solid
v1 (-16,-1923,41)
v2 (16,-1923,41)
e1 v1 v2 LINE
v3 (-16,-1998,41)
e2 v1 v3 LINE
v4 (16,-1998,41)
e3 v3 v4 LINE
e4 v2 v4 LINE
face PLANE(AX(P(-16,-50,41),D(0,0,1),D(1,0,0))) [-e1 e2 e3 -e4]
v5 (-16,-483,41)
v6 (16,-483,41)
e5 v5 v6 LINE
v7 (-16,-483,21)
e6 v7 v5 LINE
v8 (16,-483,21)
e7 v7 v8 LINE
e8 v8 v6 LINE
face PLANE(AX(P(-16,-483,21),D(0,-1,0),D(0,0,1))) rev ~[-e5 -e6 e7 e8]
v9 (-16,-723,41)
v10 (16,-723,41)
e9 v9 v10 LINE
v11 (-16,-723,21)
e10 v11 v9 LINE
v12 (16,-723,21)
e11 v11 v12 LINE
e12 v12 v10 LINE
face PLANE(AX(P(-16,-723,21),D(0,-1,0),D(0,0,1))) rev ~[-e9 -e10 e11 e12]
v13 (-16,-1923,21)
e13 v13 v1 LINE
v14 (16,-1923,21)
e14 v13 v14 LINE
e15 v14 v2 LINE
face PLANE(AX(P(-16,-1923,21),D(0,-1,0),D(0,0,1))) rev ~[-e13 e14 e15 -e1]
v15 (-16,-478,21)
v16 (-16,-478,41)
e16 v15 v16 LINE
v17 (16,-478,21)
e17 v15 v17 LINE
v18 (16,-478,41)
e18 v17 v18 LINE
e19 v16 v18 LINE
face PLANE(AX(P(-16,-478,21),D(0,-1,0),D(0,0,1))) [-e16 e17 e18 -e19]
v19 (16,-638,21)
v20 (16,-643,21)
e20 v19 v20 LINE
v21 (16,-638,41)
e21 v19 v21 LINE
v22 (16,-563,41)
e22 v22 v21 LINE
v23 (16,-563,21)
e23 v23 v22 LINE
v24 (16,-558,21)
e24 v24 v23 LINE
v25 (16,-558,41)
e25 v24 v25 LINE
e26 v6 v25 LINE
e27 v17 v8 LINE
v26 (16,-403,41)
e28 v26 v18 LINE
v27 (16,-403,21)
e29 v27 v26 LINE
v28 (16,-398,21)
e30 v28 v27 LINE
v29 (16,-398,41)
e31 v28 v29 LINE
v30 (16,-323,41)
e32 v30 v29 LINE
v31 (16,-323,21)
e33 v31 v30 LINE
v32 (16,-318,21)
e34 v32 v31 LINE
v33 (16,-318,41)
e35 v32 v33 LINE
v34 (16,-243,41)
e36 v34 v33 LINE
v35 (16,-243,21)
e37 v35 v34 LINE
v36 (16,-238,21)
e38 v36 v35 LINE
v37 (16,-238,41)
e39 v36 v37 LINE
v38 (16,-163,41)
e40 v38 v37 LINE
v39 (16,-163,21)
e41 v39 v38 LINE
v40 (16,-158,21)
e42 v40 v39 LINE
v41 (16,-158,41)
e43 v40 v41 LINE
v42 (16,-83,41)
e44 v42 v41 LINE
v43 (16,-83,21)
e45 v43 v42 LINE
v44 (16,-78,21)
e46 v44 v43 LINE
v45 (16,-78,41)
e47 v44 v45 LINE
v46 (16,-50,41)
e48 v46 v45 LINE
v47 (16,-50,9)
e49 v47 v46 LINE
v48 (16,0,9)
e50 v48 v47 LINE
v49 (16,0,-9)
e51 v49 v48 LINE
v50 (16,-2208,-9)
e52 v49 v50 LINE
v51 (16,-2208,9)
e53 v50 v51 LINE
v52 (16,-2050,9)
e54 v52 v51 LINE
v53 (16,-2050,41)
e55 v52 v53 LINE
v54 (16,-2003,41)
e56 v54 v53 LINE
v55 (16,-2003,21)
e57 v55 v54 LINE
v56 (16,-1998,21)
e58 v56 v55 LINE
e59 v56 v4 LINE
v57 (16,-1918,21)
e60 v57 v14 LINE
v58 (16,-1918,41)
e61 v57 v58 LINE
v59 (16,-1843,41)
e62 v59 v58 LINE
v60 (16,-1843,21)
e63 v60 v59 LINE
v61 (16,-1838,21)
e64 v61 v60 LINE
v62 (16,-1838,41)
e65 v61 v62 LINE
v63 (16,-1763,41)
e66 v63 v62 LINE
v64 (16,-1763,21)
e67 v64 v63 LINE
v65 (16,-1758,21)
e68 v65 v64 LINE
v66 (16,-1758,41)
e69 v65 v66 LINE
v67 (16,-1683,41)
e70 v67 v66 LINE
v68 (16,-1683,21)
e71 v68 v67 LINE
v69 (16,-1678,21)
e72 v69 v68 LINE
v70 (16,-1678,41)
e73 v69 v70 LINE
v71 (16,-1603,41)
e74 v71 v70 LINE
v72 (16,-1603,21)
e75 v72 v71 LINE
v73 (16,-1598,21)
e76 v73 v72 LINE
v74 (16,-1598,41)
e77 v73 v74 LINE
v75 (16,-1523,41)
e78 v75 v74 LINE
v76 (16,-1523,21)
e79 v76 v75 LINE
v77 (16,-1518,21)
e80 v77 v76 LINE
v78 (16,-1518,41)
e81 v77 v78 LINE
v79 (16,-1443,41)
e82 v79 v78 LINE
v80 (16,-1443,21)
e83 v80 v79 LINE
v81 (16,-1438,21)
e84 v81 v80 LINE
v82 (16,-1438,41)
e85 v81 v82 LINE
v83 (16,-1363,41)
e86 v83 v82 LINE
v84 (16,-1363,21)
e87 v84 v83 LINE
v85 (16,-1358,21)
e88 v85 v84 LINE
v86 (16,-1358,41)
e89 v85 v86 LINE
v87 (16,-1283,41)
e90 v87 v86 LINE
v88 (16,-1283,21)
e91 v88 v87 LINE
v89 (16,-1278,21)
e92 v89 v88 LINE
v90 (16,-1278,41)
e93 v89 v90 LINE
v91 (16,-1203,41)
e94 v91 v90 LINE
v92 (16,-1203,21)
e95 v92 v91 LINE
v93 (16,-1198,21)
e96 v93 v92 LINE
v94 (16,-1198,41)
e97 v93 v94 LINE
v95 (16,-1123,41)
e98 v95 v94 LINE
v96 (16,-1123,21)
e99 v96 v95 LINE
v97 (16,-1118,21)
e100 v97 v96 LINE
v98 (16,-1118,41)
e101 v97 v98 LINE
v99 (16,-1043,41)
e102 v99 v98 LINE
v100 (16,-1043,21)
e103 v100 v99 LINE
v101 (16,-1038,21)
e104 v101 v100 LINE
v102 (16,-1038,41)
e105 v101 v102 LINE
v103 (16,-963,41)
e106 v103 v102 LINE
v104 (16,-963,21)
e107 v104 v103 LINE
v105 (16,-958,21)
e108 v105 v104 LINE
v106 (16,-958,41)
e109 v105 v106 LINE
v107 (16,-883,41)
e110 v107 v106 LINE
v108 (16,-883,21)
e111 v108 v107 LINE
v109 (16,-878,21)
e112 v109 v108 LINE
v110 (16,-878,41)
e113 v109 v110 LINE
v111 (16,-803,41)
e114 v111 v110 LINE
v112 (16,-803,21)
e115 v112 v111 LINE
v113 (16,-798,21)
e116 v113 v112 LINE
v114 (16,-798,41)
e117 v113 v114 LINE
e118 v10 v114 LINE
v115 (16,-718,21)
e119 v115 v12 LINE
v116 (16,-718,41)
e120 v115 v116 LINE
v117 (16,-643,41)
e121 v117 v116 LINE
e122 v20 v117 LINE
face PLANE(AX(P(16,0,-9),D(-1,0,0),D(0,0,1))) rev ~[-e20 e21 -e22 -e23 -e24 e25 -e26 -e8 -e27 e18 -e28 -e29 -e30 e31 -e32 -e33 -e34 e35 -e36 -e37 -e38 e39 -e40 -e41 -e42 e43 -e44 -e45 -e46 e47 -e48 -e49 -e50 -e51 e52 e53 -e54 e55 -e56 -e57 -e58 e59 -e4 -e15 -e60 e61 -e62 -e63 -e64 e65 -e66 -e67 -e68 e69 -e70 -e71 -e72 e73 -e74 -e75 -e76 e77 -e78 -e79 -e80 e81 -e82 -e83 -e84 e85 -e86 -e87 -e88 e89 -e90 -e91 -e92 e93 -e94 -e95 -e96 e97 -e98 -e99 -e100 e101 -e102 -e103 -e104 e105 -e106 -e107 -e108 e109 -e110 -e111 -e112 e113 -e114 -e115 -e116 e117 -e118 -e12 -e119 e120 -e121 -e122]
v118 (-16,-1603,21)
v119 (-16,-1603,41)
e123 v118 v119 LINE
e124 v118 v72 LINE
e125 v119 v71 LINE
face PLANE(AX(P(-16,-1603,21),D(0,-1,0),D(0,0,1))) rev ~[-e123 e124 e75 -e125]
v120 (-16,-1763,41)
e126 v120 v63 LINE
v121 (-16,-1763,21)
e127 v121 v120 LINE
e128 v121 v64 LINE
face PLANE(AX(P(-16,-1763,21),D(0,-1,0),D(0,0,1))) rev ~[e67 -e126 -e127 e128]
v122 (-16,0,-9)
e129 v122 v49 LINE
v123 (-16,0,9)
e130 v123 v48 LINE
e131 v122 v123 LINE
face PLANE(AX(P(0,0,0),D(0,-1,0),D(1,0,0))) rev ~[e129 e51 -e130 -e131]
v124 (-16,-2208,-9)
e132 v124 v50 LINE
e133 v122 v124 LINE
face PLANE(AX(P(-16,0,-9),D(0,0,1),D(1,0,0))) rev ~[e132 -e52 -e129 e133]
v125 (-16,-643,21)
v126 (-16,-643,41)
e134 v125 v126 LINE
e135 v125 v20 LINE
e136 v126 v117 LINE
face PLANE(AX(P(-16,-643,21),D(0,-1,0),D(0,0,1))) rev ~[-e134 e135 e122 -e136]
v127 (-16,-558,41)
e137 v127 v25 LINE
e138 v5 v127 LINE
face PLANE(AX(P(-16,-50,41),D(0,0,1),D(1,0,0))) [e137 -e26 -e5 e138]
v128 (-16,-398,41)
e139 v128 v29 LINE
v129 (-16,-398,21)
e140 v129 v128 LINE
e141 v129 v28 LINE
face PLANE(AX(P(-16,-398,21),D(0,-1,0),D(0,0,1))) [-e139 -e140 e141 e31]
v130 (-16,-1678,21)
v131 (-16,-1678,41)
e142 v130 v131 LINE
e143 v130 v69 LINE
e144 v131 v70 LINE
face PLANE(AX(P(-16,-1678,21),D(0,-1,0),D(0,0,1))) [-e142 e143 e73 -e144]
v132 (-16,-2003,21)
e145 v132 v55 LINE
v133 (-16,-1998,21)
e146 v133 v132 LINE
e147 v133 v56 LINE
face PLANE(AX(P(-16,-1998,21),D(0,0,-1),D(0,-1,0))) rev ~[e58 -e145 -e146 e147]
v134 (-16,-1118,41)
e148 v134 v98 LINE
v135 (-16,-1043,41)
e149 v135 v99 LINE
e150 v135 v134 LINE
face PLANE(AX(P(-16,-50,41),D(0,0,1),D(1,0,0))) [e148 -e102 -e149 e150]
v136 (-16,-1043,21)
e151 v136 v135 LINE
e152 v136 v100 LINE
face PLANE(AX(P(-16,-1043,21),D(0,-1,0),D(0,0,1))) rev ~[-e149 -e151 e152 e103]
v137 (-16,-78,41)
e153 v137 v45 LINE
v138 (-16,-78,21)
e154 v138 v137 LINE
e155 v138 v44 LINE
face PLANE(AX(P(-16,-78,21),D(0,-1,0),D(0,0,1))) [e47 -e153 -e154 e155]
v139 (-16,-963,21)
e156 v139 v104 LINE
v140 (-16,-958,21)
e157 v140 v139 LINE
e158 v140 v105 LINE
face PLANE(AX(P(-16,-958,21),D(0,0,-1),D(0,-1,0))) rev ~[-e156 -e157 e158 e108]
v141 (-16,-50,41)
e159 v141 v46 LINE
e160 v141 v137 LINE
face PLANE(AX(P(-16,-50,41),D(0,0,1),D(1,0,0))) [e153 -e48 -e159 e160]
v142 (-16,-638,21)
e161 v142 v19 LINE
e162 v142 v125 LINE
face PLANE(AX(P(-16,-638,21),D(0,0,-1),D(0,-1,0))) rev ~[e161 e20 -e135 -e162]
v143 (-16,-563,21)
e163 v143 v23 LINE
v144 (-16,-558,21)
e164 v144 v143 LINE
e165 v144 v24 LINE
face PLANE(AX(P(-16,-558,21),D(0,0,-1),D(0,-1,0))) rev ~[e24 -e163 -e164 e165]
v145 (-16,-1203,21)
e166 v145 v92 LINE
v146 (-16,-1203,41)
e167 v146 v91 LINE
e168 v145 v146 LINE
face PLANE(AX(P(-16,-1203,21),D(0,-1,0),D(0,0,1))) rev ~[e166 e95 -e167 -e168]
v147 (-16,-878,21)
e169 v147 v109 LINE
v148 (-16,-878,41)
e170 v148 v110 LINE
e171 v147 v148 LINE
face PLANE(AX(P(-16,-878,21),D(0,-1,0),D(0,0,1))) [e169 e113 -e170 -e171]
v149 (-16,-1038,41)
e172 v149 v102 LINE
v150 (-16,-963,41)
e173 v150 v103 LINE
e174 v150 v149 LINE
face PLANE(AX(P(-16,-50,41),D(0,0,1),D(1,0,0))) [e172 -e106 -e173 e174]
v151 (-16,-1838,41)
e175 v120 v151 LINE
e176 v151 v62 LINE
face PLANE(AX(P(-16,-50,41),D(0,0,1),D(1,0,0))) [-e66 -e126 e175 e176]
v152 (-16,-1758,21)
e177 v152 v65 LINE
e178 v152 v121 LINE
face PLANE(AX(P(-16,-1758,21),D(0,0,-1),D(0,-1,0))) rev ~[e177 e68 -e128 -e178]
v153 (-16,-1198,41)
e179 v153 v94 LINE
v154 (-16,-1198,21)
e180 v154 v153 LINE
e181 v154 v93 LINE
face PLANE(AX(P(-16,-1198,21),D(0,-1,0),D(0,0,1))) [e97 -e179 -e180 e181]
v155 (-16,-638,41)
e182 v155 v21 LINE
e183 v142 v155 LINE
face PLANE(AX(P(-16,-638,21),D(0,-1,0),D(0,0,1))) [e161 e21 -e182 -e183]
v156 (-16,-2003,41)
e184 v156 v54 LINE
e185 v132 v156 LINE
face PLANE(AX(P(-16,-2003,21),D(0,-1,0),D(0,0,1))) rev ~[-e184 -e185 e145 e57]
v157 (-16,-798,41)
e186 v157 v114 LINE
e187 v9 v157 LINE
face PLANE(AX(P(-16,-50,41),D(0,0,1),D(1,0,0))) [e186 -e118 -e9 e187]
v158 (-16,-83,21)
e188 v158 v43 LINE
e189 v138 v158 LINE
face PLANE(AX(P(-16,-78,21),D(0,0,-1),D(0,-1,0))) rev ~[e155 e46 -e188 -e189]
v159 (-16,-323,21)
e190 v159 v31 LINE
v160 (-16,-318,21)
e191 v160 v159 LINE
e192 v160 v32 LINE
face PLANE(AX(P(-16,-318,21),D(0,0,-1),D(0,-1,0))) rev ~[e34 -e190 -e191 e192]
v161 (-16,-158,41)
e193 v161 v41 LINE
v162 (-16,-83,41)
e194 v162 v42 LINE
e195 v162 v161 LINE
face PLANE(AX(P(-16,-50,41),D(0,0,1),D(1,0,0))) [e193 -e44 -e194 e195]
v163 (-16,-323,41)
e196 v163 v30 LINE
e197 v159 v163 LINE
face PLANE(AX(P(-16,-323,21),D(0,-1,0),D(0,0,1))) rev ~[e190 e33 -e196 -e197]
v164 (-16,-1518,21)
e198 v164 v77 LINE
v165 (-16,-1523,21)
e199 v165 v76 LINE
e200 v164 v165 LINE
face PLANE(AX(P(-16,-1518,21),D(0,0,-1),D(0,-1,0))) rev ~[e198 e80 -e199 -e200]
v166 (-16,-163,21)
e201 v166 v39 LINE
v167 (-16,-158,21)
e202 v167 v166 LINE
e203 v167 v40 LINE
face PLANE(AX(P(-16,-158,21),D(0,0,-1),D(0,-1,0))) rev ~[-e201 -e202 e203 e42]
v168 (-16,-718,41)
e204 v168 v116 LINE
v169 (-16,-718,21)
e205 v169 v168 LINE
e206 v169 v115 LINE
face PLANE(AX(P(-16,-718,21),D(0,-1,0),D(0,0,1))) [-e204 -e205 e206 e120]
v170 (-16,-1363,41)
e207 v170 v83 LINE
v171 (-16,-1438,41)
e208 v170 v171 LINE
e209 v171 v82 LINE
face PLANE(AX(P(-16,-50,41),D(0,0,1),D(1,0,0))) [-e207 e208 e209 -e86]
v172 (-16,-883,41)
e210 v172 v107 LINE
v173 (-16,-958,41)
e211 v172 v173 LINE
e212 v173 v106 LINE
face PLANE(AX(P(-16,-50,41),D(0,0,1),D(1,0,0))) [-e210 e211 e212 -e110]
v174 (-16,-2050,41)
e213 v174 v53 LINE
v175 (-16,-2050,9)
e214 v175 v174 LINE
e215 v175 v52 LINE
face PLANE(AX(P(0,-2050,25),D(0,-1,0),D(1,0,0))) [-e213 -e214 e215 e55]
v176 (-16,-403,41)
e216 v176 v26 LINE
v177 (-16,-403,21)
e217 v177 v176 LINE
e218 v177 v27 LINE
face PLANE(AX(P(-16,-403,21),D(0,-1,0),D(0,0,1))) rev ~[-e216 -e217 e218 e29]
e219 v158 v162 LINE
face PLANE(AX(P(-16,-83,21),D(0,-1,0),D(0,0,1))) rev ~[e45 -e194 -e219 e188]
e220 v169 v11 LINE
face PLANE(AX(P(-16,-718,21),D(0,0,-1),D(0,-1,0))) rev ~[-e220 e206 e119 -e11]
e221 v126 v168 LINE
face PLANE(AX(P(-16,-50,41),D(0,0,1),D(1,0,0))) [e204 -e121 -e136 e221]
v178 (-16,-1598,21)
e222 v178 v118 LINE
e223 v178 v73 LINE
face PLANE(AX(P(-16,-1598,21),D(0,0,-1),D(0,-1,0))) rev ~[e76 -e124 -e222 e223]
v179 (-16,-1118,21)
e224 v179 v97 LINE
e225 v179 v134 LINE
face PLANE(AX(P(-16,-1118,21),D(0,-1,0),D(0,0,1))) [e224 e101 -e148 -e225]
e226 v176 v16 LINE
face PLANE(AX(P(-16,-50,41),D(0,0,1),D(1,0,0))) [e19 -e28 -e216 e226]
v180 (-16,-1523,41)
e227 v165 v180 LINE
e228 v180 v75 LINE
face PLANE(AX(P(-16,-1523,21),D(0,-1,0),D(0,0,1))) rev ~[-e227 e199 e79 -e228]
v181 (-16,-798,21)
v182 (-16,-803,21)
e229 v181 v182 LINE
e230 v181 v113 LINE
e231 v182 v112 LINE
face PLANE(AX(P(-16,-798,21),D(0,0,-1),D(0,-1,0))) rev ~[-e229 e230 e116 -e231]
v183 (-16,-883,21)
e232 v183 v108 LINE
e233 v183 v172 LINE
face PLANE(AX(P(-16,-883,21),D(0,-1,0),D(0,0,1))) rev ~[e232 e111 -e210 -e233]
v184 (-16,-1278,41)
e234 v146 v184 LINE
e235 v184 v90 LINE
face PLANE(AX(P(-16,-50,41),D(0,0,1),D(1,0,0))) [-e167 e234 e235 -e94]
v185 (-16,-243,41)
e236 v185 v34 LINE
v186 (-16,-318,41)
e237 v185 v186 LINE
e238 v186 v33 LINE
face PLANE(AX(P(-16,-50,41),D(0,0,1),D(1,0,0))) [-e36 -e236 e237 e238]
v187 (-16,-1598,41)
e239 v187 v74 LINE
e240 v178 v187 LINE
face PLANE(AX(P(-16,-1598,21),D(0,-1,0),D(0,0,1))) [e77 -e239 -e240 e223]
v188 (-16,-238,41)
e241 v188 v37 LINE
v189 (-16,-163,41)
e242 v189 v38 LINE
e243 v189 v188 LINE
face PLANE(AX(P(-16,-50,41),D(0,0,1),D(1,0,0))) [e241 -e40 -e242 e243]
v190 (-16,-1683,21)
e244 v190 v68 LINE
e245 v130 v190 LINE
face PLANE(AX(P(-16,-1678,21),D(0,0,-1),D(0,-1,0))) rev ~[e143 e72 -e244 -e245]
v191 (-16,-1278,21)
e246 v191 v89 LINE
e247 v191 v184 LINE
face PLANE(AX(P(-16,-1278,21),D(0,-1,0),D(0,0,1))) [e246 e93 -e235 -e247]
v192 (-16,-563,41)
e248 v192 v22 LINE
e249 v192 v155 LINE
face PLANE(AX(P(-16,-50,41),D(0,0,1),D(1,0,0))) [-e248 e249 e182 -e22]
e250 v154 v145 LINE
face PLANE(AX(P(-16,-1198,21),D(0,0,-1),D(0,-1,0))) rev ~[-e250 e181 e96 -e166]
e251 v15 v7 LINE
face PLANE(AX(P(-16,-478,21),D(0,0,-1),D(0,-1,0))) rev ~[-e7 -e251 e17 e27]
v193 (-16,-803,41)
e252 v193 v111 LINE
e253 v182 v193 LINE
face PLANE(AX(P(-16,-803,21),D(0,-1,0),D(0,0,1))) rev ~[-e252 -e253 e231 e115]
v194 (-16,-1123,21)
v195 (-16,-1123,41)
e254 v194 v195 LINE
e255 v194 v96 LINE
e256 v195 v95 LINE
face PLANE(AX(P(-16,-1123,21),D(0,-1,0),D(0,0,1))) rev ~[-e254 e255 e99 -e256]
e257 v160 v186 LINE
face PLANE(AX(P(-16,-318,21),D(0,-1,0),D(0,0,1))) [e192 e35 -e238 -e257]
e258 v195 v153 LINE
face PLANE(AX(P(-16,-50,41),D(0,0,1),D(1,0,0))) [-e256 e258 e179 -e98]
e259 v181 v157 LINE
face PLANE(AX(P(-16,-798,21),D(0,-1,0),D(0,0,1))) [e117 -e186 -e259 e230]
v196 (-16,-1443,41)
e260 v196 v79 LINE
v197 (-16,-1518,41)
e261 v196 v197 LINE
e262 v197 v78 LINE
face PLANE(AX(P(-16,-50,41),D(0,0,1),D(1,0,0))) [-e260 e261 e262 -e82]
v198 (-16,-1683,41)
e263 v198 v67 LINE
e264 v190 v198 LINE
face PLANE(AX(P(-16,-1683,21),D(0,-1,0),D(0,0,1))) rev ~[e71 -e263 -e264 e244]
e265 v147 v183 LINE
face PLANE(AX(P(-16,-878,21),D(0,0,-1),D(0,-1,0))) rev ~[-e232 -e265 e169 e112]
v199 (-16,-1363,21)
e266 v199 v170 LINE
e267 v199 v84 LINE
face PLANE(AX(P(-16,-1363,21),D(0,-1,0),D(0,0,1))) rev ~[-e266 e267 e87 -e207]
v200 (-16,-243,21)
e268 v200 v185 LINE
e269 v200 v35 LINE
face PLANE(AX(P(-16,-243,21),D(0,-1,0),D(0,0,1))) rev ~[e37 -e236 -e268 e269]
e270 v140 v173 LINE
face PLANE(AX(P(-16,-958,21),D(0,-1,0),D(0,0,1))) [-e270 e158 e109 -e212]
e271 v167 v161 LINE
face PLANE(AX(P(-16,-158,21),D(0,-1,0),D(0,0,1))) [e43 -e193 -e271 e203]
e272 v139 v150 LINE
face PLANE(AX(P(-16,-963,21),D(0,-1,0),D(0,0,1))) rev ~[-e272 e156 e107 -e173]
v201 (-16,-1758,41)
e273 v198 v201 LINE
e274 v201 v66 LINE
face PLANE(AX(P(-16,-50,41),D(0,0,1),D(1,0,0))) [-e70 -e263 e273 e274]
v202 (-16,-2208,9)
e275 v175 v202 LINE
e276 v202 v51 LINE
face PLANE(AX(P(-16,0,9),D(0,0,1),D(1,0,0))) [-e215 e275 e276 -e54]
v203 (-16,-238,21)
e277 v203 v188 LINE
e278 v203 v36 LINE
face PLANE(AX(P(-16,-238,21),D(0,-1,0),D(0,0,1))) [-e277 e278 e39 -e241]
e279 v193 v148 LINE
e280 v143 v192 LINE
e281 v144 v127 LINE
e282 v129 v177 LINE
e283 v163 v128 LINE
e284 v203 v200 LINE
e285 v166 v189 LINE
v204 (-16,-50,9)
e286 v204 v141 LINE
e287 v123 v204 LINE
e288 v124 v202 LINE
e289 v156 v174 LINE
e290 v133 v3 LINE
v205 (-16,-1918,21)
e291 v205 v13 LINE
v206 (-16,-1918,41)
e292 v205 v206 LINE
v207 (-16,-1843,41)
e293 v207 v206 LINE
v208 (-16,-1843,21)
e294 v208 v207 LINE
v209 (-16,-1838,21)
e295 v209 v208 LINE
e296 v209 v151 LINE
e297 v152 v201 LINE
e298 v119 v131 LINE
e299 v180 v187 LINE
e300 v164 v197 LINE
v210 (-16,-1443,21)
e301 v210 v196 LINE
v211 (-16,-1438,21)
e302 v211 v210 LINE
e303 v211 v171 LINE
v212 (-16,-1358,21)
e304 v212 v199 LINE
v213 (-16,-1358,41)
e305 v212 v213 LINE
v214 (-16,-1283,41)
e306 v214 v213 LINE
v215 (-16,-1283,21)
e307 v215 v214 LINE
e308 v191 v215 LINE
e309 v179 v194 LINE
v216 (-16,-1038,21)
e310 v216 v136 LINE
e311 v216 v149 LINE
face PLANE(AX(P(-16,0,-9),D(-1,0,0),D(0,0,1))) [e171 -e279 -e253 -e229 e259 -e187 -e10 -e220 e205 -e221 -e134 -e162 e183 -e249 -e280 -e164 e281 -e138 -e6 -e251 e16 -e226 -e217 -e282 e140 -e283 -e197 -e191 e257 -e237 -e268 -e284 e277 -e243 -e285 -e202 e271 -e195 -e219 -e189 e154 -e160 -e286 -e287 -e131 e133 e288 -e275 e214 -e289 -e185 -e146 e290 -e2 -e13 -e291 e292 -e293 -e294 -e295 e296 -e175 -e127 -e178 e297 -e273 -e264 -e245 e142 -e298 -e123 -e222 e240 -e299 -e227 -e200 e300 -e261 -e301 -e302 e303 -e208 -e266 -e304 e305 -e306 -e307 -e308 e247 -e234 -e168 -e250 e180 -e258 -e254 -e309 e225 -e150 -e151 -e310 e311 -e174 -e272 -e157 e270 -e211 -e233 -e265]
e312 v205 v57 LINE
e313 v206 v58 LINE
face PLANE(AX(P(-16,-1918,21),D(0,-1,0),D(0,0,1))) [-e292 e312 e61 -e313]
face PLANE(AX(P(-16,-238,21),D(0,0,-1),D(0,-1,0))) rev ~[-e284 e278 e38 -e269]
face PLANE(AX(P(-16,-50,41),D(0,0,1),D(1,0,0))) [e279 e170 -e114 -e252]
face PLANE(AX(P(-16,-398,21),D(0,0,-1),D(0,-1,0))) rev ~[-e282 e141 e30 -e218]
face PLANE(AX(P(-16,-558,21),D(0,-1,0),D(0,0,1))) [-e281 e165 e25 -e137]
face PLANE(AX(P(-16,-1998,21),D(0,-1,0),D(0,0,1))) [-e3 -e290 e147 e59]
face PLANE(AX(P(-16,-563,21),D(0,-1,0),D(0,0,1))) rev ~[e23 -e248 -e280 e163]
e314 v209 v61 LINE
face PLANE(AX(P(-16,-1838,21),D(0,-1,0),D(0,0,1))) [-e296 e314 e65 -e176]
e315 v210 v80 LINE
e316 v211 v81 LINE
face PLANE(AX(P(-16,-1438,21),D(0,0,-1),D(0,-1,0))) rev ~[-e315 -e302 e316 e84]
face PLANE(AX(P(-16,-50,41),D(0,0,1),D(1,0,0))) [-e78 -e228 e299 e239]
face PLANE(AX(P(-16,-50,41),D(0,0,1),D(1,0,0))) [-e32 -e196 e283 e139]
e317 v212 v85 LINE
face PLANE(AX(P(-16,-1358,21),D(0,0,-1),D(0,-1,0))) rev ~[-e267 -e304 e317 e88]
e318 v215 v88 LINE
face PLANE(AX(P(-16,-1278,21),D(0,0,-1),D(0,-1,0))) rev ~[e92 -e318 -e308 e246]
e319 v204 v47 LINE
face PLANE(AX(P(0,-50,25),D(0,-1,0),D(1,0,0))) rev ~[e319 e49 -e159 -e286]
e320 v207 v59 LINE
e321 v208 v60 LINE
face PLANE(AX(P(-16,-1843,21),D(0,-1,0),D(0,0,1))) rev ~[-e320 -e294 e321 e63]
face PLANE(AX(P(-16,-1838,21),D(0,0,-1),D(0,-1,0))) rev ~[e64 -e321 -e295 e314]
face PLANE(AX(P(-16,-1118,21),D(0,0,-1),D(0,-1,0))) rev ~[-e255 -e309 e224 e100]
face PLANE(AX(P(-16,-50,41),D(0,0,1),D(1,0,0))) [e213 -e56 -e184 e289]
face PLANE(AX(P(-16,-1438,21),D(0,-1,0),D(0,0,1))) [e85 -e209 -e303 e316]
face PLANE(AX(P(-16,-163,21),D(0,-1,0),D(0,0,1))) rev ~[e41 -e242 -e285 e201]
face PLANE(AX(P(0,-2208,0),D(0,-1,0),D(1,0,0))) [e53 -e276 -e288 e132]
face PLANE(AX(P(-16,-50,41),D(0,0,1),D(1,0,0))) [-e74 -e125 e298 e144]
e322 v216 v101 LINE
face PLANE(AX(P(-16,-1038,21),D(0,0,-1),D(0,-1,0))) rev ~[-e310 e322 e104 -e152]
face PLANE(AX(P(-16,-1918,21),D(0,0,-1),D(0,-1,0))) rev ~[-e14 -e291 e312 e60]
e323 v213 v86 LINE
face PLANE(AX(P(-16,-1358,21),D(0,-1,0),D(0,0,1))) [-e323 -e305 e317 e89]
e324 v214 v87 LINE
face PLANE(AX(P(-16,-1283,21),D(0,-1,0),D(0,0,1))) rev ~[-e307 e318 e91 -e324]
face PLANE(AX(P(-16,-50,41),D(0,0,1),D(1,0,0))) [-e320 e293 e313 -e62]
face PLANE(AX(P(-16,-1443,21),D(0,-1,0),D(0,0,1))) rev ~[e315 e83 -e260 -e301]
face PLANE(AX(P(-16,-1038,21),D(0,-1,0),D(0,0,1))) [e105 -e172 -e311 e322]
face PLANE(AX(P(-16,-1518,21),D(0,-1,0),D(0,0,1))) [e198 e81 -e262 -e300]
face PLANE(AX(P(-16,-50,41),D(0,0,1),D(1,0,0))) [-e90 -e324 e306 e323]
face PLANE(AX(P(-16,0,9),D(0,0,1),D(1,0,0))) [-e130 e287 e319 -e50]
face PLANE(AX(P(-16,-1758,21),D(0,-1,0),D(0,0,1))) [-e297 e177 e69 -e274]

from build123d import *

# Parameters (mm, degrees)
F0_W     = 32
F0_H     = 18
F1_DEPTH = 2208
F3_W     = 32
F3_H     = 32
F4_DEPTH = 2000
F5_W     = 5
F5_H     = 31
F6_DEPTH = 32


with BuildPart() as f1:
    # F0 (on Front) → F1 (new body)
    with BuildSketch(Plane.XZ):
        Rectangle(F0_W, F0_H)
    extrude(amount=F1_DEPTH)

    # F3 (on offset) → F4 (join)
    with BuildSketch(Plane.XZ.offset(50)):
        with Locations((0, 25)):
            Rectangle(F3_W, F3_H)
    extrude(amount=F4_DEPTH)

    # F5 (on face) → F6 (cut)
    with BuildSketch(Plane(origin=(-16, 0, 0), x_dir=(0, -1, 0), z_dir=(-1, 0, 0))):
        with Locations((80.5, 36.5)):
            Rectangle(F5_W, F5_H)
        with Locations((160.5, 36.5)):
            Rectangle(F5_W, F5_H)
        with Locations((240.5, 36.5)):
            Rectangle(F5_W, F5_H)
        with Locations((320.5, 36.5)):
            Rectangle(F5_W, F5_H)
        with Locations((400.5, 36.5)):
            Rectangle(F5_W, F5_H)
        with Locations((480.5, 36.5)):
            Rectangle(F5_W, F5_H)
        with Locations((560.5, 36.5)):
            Rectangle(F5_W, F5_H)
        with Locations((640.5, 36.5)):
            Rectangle(F5_W, F5_H)
        with Locations((720.5, 36.5)):
            Rectangle(F5_W, F5_H)
        with Locations((800.5, 36.5)):
            Rectangle(F5_W, F5_H)
        with Locations((880.5, 36.5)):
            Rectangle(F5_W, F5_H)
        with Locations((960.5, 36.5)):
            Rectangle(F5_W, F5_H)
        with Locations((1040.5, 36.5)):
            Rectangle(F5_W, F5_H)
        with Locations((1120.5, 36.5)):
            Rectangle(F5_W, F5_H)
        with Locations((1200.5, 36.5)):
            Rectangle(F5_W, F5_H)
        with Locations((1280.5, 36.5)):
            Rectangle(F5_W, F5_H)
        with Locations((1360.5, 36.5)):
            Rectangle(F5_W, F5_H)
        with Locations((1440.5, 36.5)):
            Rectangle(F5_W, F5_H)
        with Locations((1520.5, 36.5)):
            Rectangle(F5_W, F5_H)
        with Locations((1600.5, 36.5)):
            Rectangle(F5_W, F5_H)
        with Locations((1680.5, 36.5)):
            Rectangle(F5_W, F5_H)
        with Locations((1760.5, 36.5)):
            Rectangle(F5_W, F5_H)
        with Locations((1840.5, 36.5)):
            Rectangle(F5_W, F5_H)
        with Locations((1920.5, 36.5)):
            Rectangle(F5_W, F5_H)
        with Locations((2000.5, 36.5)):
            Rectangle(F5_W, F5_H)
    extrude(amount=-F6_DEPTH, mode=Mode.SUBTRACT)


solid = f1.part
